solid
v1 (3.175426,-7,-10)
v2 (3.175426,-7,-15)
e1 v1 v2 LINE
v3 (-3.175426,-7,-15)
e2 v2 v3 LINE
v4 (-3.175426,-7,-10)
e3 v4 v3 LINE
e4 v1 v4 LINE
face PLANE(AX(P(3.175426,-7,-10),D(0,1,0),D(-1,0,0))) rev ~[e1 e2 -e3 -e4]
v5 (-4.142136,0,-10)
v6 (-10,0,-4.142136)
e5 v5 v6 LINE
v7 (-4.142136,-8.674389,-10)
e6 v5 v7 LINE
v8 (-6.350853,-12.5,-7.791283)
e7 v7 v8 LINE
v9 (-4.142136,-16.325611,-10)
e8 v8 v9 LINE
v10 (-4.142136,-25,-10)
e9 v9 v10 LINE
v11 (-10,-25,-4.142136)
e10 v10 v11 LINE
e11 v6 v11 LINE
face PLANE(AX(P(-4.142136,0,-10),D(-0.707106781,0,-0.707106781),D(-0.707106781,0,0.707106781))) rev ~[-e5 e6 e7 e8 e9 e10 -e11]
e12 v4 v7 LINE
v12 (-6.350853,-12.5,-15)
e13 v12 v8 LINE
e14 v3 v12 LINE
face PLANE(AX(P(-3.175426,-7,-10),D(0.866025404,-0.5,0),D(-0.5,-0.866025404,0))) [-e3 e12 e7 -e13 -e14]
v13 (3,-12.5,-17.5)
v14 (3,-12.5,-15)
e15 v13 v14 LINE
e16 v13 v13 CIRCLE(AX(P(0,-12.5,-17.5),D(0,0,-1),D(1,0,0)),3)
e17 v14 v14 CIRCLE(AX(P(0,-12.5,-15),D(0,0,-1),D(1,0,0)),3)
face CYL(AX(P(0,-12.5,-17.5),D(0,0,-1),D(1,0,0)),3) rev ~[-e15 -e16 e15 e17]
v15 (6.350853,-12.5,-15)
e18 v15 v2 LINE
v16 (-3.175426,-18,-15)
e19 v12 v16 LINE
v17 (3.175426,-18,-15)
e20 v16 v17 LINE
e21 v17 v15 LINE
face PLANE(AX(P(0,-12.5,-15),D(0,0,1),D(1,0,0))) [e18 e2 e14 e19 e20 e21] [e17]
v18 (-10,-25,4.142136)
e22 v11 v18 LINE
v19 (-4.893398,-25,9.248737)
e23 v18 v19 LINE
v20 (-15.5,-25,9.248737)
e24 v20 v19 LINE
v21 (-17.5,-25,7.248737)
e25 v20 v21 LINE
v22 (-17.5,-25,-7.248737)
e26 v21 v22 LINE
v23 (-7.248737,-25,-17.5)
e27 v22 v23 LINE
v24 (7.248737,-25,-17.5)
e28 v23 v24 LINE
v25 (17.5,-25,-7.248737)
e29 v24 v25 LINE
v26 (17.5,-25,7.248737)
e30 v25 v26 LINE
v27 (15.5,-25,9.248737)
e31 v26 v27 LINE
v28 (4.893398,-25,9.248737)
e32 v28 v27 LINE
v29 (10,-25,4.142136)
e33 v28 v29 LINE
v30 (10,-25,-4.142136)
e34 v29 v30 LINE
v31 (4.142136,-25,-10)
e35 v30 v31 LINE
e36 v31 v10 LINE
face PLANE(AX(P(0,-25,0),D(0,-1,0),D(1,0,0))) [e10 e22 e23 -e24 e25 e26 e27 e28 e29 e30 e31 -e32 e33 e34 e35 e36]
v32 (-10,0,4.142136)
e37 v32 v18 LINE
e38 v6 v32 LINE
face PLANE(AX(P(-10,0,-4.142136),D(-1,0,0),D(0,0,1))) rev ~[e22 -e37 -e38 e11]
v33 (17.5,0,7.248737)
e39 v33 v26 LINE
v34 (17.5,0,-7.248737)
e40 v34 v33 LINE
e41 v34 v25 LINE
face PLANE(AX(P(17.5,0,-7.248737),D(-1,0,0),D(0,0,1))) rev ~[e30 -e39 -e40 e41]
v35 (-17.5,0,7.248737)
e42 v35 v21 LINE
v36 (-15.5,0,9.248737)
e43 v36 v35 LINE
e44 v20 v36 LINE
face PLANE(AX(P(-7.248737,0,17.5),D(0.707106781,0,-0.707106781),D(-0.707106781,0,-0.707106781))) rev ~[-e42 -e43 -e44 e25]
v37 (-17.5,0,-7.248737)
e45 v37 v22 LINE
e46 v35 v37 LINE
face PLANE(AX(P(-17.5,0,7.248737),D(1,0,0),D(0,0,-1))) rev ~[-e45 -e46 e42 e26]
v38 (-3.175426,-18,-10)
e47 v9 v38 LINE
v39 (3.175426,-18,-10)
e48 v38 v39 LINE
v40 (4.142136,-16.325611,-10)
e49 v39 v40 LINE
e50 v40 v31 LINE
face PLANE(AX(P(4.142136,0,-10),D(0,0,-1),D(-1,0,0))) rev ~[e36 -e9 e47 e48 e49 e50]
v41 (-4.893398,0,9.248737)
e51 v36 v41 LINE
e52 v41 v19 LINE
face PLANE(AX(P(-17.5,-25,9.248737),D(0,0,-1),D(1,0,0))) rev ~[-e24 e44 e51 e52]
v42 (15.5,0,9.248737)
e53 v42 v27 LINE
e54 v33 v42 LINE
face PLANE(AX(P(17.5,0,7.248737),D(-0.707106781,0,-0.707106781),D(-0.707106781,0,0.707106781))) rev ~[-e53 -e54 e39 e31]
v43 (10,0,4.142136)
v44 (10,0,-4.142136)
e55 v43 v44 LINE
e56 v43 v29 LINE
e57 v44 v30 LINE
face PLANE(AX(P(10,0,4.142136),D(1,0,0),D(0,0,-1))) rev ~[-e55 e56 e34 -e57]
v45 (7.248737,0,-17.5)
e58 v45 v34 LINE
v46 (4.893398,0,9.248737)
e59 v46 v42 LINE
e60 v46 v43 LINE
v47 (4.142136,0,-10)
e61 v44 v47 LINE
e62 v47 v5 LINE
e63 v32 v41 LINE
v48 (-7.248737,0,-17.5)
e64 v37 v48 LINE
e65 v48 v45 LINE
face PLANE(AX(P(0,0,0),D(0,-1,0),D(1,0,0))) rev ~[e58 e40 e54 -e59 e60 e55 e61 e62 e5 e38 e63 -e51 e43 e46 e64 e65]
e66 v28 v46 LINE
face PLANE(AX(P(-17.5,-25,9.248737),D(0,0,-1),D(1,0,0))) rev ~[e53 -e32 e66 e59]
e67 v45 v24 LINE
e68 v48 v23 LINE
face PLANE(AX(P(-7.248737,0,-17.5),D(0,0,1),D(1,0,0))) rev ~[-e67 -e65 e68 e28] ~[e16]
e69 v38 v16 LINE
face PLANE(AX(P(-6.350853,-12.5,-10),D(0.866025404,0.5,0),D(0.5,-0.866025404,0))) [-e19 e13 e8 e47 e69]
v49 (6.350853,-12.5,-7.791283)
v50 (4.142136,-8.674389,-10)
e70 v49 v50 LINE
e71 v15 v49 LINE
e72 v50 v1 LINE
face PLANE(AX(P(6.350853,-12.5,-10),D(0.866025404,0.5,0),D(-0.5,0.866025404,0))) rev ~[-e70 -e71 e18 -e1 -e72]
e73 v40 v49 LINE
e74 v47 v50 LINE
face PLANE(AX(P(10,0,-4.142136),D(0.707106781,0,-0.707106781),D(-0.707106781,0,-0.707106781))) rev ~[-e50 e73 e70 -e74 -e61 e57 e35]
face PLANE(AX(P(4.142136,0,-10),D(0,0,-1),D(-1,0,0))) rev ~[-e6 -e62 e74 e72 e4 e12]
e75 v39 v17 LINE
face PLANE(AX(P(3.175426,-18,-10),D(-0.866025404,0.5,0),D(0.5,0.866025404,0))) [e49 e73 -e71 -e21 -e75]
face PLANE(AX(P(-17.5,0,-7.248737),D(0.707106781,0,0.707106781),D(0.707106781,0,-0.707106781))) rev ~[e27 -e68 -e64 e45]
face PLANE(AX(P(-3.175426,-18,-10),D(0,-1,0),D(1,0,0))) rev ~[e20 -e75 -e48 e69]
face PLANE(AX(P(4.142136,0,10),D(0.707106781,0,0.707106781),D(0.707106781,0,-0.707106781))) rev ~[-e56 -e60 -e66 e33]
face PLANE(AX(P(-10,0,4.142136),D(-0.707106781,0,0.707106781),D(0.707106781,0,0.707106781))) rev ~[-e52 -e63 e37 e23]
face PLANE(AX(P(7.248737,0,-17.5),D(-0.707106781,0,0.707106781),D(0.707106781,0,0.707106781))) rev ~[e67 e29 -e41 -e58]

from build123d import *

# Parameters (mm, degrees)
F1_DEPTH      = 25
F2_W          = 35
F2_H          = 10
F3_DEPTH      = 40
F5_DEPTH      = 5
F5_DEPTH_BACK = 5
F6_R          = 3
F7_DEPTH      = 25


with BuildPart() as f1:
    # F0 (on Front) → F1 (new body)
    with BuildSketch(Plane.XZ):
        Polygon((17.5, -7.2487373415), (17.5, 7.2487373415), (7.2487373415, 17.5), (-7.2487373415, 17.5), (-17.5, 7.2487373415), (-17.5, -7.2487373415), (-7.2487373415, -17.5), (7.2487373415, -17.5), align=None)
        Polygon((4.1421356237, 10), (10, 4.1421356237), (10, -4.1421356237), (4.1421356237, -10), (-4.1421356237, -10), (-10, -4.1421356237), (-10, 4.1421356237), (-4.1421356237, 10), align=None, mode=Mode.SUBTRACT)
    extrude(amount=F1_DEPTH)

    # F2 (on face) → F3 (cut)
    with BuildSketch(Plane.XZ.offset(25)):
        with Locations((0, 14.2487373415)):
            Rectangle(F2_W, F2_H)
    extrude(amount=-F3_DEPTH, mode=Mode.SUBTRACT)

    # F4 (on face) → F5 (cut, two sides)
    with BuildSketch(Plane.XY.offset(-10)) as f5_sk:
        Polygon((3.1754264805, -7), (-3.1754264805, -7), (-6.3508529611, -12.5), (-3.1754264805, -18), (3.1754264805, -18), (6.3508529611, -12.5), align=None)
    extrude(amount=-F5_DEPTH, mode=Mode.SUBTRACT)
    extrude(f5_sk.sketch, amount=F5_DEPTH_BACK, mode=Mode.SUBTRACT)

    # F6 (on face) → F7 (cut)
    with BuildSketch(Plane(origin=(0, 0, -17.5), x_dir=(1, 0, 0), z_dir=(0, 0, -1))):
        with Locations((0, 12.5)):
            Circle(F6_R)
    extrude(amount=-F7_DEPTH, mode=Mode.SUBTRACT)


solid = f1.part
